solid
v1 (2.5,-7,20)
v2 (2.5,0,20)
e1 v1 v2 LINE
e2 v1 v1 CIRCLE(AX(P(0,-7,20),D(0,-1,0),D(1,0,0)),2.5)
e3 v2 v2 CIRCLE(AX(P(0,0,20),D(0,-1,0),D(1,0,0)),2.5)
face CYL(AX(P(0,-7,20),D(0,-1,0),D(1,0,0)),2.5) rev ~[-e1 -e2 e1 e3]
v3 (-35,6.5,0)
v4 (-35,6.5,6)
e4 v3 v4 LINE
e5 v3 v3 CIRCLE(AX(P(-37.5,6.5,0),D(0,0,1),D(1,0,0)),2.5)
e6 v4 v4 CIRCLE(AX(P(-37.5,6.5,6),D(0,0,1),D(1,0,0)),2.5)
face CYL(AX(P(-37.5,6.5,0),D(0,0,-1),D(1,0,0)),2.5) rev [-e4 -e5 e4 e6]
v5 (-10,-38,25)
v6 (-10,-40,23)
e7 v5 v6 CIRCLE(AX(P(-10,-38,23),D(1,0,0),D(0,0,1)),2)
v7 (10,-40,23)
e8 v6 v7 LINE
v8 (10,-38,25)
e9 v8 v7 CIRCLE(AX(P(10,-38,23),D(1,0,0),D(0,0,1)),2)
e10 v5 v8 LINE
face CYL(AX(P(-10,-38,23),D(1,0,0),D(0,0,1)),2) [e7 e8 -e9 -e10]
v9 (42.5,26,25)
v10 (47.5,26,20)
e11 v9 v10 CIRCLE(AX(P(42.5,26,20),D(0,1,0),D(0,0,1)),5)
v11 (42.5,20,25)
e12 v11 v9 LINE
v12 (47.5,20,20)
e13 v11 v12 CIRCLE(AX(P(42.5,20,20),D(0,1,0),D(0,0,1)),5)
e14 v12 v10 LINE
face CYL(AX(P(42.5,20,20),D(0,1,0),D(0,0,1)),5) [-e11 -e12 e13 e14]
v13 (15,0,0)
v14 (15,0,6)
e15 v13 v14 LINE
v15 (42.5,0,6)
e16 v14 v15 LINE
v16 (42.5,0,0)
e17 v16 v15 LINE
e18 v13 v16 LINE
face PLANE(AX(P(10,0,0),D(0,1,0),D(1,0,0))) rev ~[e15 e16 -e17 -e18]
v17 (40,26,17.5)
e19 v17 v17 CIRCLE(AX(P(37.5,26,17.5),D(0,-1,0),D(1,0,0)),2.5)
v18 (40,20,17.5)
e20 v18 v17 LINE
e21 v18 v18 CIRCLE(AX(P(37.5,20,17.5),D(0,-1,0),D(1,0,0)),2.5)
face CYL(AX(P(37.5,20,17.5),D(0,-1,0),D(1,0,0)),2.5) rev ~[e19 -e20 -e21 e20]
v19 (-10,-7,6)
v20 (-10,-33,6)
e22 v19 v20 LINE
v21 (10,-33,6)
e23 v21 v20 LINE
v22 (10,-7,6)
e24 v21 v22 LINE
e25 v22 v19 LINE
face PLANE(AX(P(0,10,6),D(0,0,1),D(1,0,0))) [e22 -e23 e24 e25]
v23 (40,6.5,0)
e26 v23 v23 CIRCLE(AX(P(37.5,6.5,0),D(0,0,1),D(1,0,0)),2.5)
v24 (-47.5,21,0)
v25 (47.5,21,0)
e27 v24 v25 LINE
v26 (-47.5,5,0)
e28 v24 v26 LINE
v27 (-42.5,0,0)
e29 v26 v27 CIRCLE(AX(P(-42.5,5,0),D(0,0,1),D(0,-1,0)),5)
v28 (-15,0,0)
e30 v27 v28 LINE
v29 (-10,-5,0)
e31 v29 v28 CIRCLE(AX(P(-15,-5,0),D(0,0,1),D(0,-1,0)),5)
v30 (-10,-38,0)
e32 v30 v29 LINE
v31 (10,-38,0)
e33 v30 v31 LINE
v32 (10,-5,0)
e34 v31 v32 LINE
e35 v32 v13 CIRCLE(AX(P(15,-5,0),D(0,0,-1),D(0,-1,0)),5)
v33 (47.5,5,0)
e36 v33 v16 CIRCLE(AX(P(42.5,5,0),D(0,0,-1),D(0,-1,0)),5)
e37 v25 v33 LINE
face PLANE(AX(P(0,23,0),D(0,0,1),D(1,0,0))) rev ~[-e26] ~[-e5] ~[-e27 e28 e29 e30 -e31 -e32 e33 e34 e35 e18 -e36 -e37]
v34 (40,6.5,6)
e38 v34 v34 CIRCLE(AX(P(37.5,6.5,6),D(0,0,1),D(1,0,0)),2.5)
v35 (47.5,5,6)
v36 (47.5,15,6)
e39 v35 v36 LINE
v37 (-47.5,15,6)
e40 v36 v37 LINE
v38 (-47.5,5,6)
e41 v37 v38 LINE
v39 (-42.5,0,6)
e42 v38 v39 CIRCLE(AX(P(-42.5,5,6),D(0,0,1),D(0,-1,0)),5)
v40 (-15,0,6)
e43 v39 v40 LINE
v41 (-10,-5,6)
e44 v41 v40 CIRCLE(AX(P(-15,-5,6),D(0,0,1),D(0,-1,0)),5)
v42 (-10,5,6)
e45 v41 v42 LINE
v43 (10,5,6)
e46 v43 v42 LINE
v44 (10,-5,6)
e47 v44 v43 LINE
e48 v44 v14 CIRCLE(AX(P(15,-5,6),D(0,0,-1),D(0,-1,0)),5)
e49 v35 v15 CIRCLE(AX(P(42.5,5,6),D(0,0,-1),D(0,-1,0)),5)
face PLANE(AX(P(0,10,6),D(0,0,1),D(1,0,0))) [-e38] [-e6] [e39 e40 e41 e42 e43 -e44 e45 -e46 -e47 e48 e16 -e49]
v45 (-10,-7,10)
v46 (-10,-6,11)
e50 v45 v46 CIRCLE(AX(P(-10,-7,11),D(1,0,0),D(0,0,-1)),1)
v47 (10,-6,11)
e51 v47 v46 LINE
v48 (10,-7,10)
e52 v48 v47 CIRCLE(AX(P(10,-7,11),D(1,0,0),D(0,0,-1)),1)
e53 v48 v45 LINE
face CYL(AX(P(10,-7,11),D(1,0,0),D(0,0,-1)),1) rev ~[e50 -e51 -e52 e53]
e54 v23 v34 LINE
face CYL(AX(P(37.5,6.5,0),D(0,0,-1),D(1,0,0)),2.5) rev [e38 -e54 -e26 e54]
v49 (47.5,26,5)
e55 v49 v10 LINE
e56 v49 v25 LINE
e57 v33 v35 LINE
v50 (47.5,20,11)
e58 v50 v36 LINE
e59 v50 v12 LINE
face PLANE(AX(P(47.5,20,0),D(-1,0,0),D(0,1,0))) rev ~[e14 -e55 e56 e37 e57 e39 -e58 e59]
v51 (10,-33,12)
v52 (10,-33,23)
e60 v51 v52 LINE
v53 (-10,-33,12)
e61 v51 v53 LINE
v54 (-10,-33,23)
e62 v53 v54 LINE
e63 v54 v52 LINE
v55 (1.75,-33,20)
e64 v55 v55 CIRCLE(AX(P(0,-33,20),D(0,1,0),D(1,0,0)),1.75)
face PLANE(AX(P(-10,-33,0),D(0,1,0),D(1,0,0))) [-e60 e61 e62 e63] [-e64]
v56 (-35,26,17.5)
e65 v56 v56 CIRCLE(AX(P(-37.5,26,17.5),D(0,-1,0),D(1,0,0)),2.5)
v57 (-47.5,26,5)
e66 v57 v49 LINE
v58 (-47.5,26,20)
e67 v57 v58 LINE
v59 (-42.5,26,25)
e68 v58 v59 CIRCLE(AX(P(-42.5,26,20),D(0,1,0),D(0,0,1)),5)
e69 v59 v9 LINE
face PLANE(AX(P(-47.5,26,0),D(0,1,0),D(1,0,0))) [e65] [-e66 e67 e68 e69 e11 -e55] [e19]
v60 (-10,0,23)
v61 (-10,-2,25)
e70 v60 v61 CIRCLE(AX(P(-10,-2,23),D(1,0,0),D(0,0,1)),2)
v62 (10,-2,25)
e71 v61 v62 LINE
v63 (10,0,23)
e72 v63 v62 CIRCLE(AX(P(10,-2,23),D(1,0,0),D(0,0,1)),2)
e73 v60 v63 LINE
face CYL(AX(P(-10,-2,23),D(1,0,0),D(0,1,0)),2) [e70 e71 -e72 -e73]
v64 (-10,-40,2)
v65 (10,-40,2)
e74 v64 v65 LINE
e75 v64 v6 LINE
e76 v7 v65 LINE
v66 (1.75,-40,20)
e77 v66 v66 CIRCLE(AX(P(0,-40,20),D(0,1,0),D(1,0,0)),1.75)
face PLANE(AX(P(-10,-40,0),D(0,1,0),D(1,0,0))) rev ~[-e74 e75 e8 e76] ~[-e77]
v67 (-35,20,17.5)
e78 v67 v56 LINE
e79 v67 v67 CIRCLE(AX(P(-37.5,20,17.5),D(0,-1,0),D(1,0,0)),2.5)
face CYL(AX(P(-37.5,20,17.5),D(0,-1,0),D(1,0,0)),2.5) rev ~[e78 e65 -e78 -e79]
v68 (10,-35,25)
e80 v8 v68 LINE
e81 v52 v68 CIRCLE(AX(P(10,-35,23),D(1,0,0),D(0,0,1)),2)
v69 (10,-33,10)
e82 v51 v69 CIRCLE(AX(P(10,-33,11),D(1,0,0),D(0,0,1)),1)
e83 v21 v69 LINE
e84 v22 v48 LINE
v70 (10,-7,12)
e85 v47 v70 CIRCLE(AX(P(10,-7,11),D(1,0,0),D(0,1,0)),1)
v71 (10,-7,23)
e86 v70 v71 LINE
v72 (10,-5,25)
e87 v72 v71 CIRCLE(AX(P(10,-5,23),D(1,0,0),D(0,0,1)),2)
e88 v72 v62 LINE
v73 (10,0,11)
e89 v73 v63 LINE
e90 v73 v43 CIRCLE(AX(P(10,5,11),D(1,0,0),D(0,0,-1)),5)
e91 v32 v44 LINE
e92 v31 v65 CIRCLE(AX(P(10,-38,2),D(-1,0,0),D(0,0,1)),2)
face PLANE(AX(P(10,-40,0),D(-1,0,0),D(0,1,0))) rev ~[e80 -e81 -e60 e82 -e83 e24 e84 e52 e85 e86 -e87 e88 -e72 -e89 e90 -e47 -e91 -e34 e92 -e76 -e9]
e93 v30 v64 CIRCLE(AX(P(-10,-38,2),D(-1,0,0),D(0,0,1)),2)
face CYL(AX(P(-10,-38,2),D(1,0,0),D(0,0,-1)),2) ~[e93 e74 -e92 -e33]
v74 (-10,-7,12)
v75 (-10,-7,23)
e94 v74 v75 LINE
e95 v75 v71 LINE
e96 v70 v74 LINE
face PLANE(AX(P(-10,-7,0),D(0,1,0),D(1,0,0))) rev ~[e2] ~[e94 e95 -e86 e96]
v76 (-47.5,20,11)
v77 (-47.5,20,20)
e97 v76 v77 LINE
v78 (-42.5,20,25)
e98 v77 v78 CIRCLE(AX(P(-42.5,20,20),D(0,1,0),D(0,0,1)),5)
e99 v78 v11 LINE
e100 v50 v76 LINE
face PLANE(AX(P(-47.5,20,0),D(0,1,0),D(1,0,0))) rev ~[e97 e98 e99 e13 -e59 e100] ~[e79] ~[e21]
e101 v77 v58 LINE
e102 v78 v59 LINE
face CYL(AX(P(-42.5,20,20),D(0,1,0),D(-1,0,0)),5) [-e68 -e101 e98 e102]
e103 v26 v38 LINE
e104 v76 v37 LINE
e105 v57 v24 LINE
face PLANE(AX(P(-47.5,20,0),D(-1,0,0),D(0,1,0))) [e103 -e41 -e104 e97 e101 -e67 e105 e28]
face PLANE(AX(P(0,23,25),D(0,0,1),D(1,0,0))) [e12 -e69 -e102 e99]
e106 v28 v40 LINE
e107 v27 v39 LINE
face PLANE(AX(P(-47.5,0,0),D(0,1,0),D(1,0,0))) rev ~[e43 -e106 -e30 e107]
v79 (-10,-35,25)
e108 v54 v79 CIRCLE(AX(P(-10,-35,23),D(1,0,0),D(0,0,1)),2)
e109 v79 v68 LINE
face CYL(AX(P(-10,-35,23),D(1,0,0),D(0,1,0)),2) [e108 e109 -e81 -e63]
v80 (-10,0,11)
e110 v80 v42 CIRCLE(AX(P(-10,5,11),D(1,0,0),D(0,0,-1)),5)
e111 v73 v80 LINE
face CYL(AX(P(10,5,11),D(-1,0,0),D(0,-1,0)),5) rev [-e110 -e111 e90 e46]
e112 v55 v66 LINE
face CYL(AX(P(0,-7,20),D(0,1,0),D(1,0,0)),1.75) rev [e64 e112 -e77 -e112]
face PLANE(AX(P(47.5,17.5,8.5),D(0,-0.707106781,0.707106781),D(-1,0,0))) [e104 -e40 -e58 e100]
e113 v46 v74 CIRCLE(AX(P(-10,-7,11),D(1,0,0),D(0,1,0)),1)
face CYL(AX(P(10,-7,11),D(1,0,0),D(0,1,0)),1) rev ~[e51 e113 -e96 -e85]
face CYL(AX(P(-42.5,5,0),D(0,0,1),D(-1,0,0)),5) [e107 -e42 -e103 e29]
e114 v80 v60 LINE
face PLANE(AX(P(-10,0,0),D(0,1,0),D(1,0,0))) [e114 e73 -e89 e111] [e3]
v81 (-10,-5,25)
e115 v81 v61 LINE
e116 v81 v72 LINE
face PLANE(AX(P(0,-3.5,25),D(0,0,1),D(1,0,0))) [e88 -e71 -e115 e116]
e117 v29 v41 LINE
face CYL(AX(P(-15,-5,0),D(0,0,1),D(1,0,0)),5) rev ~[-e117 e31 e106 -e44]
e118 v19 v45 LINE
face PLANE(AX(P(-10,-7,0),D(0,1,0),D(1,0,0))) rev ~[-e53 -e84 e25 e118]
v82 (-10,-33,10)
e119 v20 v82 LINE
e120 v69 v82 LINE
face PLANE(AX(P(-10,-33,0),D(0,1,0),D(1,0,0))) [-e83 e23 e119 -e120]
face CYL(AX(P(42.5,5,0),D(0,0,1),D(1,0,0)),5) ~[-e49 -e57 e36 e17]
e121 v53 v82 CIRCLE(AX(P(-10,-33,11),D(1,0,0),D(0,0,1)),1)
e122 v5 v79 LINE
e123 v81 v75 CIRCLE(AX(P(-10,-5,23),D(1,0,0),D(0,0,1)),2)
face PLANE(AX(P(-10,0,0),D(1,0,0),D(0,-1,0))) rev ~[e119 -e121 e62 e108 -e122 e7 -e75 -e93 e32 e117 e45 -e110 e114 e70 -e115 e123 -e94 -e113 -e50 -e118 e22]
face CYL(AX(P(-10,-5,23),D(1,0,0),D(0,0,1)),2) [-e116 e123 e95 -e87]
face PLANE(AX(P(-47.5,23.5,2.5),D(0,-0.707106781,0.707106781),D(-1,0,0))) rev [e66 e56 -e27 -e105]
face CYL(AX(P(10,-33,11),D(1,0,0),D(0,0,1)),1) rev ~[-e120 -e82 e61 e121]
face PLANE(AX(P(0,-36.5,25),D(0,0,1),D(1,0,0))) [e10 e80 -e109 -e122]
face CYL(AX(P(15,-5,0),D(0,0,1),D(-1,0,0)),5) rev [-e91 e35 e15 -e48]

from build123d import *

# Parameters (mm, degrees)
F0_R      = 2.5
F0_W      = 20
F0_H      = 26
F0_H_2    = 7
F1_DEPTH  = 6
F0_W_2    = 95
F0_H_3    = 6
F2_DEPTH  = 25
F3_R      = 2.5
F4_DEPTH  = 25
F5_SIZE   = 5
F6_R      = 5
F7_DEPTH  = 25
F9_DEPTH  = 25
F10_R     = 1.75
F11_DEPTH = 50
F10_R_2   = 2.5
F12_DEPTH = 10
F13_R     = 2
F14_R     = 5
F15_R     = 5


with BuildPart() as f1:
    # F0 (on Top) → F1 (new body)
    with BuildSketch(Plane.XY):
        Polygon((-47.5, 20), (-47.5, 0), (-10, 0), (10, 0), (47.5, 0), (47.5, 20), align=None)
        with Locations((-37.5, 6.5)):
            Circle(F0_R, mode=Mode.SUBTRACT)
        with Locations((37.5, 6.5)):
            Circle(F0_R, mode=Mode.SUBTRACT)
        with Locations((0, -20)):
            Rectangle(F0_W, F0_H)
        with Locations((0, -36.5)):
            Rectangle(F0_W, F0_H_2)
        with Locations((0, -3.5)):
            Rectangle(F0_W, F0_H_2)
    extrude(amount=F1_DEPTH)

    # F0 (on Top) → F2 (join)
    with BuildSketch(Plane.XY):
        with Locations((0, 23)):
            Rectangle(F0_W_2, F0_H_3)
    extrude(amount=F2_DEPTH)

    # F3 (on face) → F4 (cut)
    with BuildSketch(Plane.XZ.offset(-20)):
        with Locations((-37.5, 17.5)):
            Circle(F3_R)
        with Locations((37.5, 17.5)):
            Circle(F3_R)
    extrude(amount=-F4_DEPTH, mode=Mode.SUBTRACT)

    # F5
    f5_edges = [f1.edges().sort_by_distance(p)[0] for p in [
        (0, 20, 6),
        (0, 26, 0),
    ]]
    chamfer(f5_edges, length=F5_SIZE)

    # F6
    f6_edges = [f1.edges().sort_by_distance(p)[0] for p in [
        (47.5, 23, 25),
        (47.5, 0, 3),
        (-47.5, 0, 3),
        (-47.5, 23, 25),
    ]]
    fillet(f6_edges, radius=F6_R)

    # F0 (on Top) → F7 (join)
    with BuildSketch(Plane.XY):
        with Locations((0, -3.5)):
            Rectangle(F0_W, F0_H_2)
        with Locations((0, -36.5)):
            Rectangle(F0_W, F0_H_2)
    extrude(amount=F7_DEPTH)

    # F8 (on face) → F9 (cut)
    with BuildSketch(Plane.YZ.offset(10)):
        with BuildLine():
            Line((-33, 10), (-33, 12))
            ThreePointArc((-33, 12), (-34, 11), (-33, 10))
        make_face()
        with BuildLine():
            Line((-7, 12), (-7, 10))
            ThreePointArc((-7, 10), (-6.2928932188, 10.2928932188), (-6, 11))
            ThreePointArc((-6, 11), (-6.2928932188, 11.7071067812), (-7, 12))
        make_face()
    extrude(amount=-F9_DEPTH, mode=Mode.SUBTRACT)

    # F10 (on face) → F11 (cut)
    with BuildSketch(Plane.XZ.offset(7)):
        with Locations((0, 20)):
            Circle(F10_R)
    extrude(amount=F11_DEPTH, mode=Mode.SUBTRACT)

    # F10 (on face) → F12 (cut)
    with BuildSketch(Plane.XZ.offset(7)):
        with Locations((0, 20)):
            Circle(F10_R_2)
        with Locations((0, 20)):
            Circle(F10_R, mode=Mode.SUBTRACT)
        with Locations((0, 20)):
            Circle(F10_R)
    extrude(amount=-F12_DEPTH, mode=Mode.SUBTRACT)

    # F13
    f13_edges = [f1.edges().sort_by_distance(p)[0] for p in [
        (0, -7, 25),
        (0, 0, 25),
        (0, -33, 25),
        (0, -40, 25),
        (0, -40, 0),
    ]]
    fillet(f13_edges, radius=F13_R)

    # F14
    f14_edges = [f1.edges().sort_by_distance(p)[0] for p in [
        (0, 0, 6),
    ]]
    fillet(f14_edges, radius=F14_R)

    # F15
    f15_edges = [f1.edges().sort_by_distance(p)[0] for p in [
        (10, 0, 3),
        (-10, 0, 3),
    ]]
    fillet(f15_edges, radius=F15_R)


solid = f1.part
